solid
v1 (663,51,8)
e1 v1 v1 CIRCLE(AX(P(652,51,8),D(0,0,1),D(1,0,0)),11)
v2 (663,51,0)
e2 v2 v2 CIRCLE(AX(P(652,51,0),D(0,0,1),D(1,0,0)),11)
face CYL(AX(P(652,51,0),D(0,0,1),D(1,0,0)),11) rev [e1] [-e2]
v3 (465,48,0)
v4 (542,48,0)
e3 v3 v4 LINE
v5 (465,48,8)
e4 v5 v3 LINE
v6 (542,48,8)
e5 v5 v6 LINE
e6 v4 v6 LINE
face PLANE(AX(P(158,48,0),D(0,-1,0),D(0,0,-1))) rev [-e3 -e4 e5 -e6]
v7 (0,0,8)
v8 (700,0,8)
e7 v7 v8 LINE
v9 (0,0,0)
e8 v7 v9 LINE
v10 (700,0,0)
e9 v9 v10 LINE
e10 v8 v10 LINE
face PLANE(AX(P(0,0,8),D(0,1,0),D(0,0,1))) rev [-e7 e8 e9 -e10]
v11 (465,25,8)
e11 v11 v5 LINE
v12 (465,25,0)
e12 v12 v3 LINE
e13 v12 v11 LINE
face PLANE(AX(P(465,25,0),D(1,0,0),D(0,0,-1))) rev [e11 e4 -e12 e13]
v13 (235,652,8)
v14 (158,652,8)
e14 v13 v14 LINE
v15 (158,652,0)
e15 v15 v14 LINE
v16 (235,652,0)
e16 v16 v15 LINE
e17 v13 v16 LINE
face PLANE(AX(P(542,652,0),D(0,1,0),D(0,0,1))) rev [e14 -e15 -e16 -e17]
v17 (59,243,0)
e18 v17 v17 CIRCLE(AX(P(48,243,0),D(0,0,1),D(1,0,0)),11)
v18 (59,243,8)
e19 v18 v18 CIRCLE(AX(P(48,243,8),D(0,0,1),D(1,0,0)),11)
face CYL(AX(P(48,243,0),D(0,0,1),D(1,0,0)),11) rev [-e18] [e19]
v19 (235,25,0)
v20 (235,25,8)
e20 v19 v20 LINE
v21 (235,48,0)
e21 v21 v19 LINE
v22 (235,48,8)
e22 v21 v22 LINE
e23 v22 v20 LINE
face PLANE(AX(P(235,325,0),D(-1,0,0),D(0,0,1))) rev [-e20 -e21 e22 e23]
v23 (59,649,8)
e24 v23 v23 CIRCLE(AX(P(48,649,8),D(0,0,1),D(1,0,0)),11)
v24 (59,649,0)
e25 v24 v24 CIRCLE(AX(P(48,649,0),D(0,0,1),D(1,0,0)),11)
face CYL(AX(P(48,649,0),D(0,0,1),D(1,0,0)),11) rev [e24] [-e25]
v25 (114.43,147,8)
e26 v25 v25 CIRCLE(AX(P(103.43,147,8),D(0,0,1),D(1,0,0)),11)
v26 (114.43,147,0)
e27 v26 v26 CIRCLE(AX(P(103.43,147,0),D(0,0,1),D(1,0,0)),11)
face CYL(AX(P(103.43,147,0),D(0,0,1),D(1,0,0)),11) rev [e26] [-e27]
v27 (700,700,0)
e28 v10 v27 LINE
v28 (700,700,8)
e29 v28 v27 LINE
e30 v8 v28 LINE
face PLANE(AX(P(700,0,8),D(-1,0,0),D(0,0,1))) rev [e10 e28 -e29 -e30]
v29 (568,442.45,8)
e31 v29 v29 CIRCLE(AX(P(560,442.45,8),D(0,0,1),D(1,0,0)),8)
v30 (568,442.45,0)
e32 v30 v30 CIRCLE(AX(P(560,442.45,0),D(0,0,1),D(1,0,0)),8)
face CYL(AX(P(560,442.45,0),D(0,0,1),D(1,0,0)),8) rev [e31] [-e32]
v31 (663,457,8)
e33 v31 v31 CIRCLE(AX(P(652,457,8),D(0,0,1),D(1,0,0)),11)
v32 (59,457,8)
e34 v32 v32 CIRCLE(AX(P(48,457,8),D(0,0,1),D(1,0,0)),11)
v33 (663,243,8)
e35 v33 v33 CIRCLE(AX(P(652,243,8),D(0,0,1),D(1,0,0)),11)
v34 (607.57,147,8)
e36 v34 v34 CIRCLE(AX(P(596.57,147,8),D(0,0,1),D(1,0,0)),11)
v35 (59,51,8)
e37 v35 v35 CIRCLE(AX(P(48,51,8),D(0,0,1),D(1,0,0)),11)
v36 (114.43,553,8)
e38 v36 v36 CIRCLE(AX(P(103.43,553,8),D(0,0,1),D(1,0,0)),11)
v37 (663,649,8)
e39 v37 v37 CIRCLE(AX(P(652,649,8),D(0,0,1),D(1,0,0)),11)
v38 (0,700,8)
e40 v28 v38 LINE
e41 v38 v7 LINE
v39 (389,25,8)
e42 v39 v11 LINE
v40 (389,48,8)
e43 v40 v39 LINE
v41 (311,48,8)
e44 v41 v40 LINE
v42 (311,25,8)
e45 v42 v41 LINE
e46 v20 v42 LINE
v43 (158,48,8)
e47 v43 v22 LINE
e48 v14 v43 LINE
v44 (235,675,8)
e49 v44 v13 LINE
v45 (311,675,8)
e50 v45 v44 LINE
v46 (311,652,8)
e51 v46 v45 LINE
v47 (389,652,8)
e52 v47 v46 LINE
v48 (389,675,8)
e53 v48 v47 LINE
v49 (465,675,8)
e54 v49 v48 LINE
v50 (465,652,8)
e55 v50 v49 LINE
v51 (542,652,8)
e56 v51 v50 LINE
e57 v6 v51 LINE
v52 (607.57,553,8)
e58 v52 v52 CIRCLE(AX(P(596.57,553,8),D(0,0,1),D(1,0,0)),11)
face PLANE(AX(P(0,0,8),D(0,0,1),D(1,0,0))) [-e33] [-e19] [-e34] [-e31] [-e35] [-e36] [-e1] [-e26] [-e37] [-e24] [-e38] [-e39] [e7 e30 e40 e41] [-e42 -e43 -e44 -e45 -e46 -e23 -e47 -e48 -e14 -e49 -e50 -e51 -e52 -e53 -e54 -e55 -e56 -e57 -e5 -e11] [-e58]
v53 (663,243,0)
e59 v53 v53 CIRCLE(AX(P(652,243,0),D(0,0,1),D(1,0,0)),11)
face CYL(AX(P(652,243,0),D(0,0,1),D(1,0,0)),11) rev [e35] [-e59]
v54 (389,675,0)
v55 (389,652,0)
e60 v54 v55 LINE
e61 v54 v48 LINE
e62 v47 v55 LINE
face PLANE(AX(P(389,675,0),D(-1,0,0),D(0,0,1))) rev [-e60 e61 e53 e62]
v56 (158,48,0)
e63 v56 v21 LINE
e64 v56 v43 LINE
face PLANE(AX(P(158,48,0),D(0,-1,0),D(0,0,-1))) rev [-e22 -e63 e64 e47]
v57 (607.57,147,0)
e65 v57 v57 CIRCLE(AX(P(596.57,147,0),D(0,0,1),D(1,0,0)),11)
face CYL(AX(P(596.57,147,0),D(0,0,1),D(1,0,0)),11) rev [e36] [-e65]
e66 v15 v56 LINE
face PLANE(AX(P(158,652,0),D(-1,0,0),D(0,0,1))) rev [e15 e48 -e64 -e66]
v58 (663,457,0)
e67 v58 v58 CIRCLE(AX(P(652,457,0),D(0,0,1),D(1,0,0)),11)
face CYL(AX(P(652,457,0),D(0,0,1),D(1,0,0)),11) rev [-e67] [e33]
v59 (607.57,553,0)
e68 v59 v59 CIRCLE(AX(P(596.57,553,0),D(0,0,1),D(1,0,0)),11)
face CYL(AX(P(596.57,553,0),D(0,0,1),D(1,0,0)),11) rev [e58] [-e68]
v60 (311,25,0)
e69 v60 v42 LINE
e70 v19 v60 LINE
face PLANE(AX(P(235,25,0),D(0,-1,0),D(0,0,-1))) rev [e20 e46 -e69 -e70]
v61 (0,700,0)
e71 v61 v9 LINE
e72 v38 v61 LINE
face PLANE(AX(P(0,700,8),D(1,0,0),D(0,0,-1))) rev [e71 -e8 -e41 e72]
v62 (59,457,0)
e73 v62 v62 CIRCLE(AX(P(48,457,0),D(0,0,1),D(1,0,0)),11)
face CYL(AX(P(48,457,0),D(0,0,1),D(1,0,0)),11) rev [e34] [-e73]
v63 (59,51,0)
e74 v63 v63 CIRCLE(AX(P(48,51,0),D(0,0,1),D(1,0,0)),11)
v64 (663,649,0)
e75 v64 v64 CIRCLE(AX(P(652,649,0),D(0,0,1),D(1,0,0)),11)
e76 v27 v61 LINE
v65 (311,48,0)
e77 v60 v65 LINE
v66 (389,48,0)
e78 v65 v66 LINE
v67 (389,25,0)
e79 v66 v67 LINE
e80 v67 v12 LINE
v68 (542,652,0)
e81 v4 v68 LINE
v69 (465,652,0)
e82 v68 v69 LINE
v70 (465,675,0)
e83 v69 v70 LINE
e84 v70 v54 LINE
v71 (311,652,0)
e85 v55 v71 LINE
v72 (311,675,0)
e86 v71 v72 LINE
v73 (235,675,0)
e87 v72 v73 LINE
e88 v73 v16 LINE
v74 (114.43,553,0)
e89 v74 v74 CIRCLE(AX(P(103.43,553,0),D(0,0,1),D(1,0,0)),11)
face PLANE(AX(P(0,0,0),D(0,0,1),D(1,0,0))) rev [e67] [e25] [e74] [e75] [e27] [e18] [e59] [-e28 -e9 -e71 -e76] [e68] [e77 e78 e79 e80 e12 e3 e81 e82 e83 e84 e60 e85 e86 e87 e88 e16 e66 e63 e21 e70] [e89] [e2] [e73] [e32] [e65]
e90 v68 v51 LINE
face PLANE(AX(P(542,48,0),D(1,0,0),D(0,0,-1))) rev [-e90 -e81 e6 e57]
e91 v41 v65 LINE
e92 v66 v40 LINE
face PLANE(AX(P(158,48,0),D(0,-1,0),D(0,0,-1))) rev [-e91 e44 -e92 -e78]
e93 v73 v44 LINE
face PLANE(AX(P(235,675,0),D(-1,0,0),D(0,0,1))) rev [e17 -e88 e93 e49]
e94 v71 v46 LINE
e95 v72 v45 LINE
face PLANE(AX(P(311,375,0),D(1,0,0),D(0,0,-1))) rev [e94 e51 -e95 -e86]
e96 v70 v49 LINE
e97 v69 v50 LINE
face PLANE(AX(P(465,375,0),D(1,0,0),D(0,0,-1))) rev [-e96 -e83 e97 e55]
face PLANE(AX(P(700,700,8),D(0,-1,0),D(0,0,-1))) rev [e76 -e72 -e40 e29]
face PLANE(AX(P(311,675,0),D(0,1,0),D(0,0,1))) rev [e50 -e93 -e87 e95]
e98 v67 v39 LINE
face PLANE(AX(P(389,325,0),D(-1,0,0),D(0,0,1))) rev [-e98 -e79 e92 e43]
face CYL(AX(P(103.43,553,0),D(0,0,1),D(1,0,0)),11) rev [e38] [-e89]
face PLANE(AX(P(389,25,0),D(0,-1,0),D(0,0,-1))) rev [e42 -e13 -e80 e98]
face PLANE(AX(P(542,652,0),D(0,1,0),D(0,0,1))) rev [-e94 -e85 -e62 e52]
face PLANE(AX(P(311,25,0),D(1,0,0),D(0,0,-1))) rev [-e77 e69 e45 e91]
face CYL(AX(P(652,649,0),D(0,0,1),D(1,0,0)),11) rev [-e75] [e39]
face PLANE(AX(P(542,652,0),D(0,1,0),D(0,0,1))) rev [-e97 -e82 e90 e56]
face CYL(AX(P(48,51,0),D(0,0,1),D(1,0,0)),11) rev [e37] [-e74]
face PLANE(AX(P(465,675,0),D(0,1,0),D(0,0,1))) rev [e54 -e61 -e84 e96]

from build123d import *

# Parameters (mm, degrees)
SKETCH_1_W                      = 700
SKETCH_1_H                      = 700
CONNECTION_PLATE_DEPTH          = 8
SKETCH_2_W                      = 76
SKETCH_2_H                      = 300
ACCESS_WINDOW_DEPTH             = 990.981818015
SKETCH_3_W                      = 76
SKETCH_3_H                      = 300
CUT_EXTRUDE_2_DEPTH             = 990.981818015
SKETCH_4_W                      = 76
SKETCH_4_H                      = 300
CUT_EXTRUDE_3_DEPTH             = 990.981818015
SKETCH_5_W                      = 76
SKETCH_5_H                      = 300
CUT_EXTRUDE_4_DEPTH             = 990.981818015
SKETCH_6_R                      = 11
SHAFT_CLEARANCE_DEPTH           = 990.981818015
SKETCH_7_R                      = 11
CUT_EXTRUDE_6_DEPTH             = 990.981818015
SKETCH_8_R                      = 11
CUT_EXTRUDE_7_DEPTH             = 990.981818015
SKETCH_9_R                      = 11
CUT_EXTRUDE_8_DEPTH             = 990.981818015
SKETCH_10_R                     = 11
CUT_EXTRUDE_9_DEPTH             = 990.981818015
SKETCH_11_R                     = 11
CUT_EXTRUDE_10_DEPTH            = 990.981818015
SKETCH_12_R                     = 11
CUT_EXTRUDE_11_DEPTH            = 990.981818015
SKETCH_13_R                     = 11
CUT_EXTRUDE_12_DEPTH            = 990.981818015
SKETCH_14_R                     = 11
CUT_EXTRUDE_13_DEPTH            = 990.981818015
SKETCH_15_R                     = 11
CUT_EXTRUDE_14_DEPTH            = 990.981818015
SKETCH_16_R                     = 11
CUT_EXTRUDE_15_DEPTH            = 990.981818015
SKETCH_17_R                     = 11
CUT_EXTRUDE_16_DEPTH            = 990.981818015
SKETCH_18_W                     = 384
SKETCH_18_H                     = 604
FLOAT_INSTALLATION_WINDOW_DEPTH = 990.981818015
SKETCH_19_R                     = 8
COMMS_PASSAGE_DEPTH             = 990.981818015


with BuildPart() as part:
    # 草图1 → Connection_plate (new body)
    with BuildSketch(Plane.XY):
        with Locations((350, 350)):
            Rectangle(SKETCH_1_W, SKETCH_1_H)
    extrude(amount=CONNECTION_PLATE_DEPTH)

    # 草图2 → Access_window (cut, through all)
    with BuildSketch(Plane.XY.offset(8)):
        with Locations((273, 175)):
            Rectangle(SKETCH_2_W, SKETCH_2_H)
    extrude(amount=-ACCESS_WINDOW_DEPTH, mode=Mode.SUBTRACT)

    # 草图3 → 切除-拉伸2 (cut, through all)
    with BuildSketch(Plane.XY.offset(8)):
        with Locations((273, 525)):
            Rectangle(SKETCH_3_W, SKETCH_3_H)
    extrude(amount=-CUT_EXTRUDE_2_DEPTH, mode=Mode.SUBTRACT)

    # 草图4 → 切除-拉伸3 (cut, through all)
    with BuildSketch(Plane.XY.offset(8)):
        with Locations((427, 175)):
            Rectangle(SKETCH_4_W, SKETCH_4_H)
    extrude(amount=-CUT_EXTRUDE_3_DEPTH, mode=Mode.SUBTRACT)

    # 草图5 → 切除-拉伸4 (cut, through all)
    with BuildSketch(Plane.XY.offset(8)):
        with Locations((427, 525)):
            Rectangle(SKETCH_5_W, SKETCH_5_H)
    extrude(amount=-CUT_EXTRUDE_4_DEPTH, mode=Mode.SUBTRACT)

    # 草图6 → Shaft_clearance (cut, through all)
    with BuildSketch(Plane.XY.offset(8)):
        with Locations((48, 51)):
            Circle(SKETCH_6_R)
    extrude(amount=-SHAFT_CLEARANCE_DEPTH, mode=Mode.SUBTRACT)

    # 草图7 → 切除-拉伸6 (cut, through all)
    with BuildSketch(Plane.XY.offset(8)):
        with Locations((48, 243)):
            Circle(SKETCH_7_R)
    extrude(amount=-CUT_EXTRUDE_6_DEPTH, mode=Mode.SUBTRACT)

    # 草图8 → 切除-拉伸7 (cut, through all)
    with BuildSketch(Plane.XY.offset(8)):
        with Locations((48, 457)):
            Circle(SKETCH_8_R)
    extrude(amount=-CUT_EXTRUDE_7_DEPTH, mode=Mode.SUBTRACT)

    # 草图9 → 切除-拉伸8 (cut, through all)
    with BuildSketch(Plane.XY.offset(8)):
        with Locations((48, 649)):
            Circle(SKETCH_9_R)
    extrude(amount=-CUT_EXTRUDE_8_DEPTH, mode=Mode.SUBTRACT)

    # 草图10 → 切除-拉伸9 (cut, through all)
    with BuildSketch(Plane.XY.offset(8)):
        with Locations((103.43, 147)):
            Circle(SKETCH_10_R)
    extrude(amount=-CUT_EXTRUDE_9_DEPTH, mode=Mode.SUBTRACT)

    # 草图11 → 切除-拉伸10 (cut, through all)
    with BuildSketch(Plane.XY.offset(8)):
        with Locations((103.43, 553)):
            Circle(SKETCH_11_R)
    extrude(amount=-CUT_EXTRUDE_10_DEPTH, mode=Mode.SUBTRACT)

    # 草图12 → 切除-拉伸11 (cut, through all)
    with BuildSketch(Plane.XY.offset(8)):
        with Locations((652, 51)):
            Circle(SKETCH_12_R)
    extrude(amount=-CUT_EXTRUDE_11_DEPTH, mode=Mode.SUBTRACT)

    # 草图13 → 切除-拉伸12 (cut, through all)
    with BuildSketch(Plane.XY.offset(8)):
        with Locations((652, 243)):
            Circle(SKETCH_13_R)
    extrude(amount=-CUT_EXTRUDE_12_DEPTH, mode=Mode.SUBTRACT)

    # 草图14 → 切除-拉伸13 (cut, through all)
    with BuildSketch(Plane.XY.offset(8)):
        with Locations((652, 457)):
            Circle(SKETCH_14_R)
    extrude(amount=-CUT_EXTRUDE_13_DEPTH, mode=Mode.SUBTRACT)

    # 草图15 → 切除-拉伸14 (cut, through all)
    with BuildSketch(Plane.XY.offset(8)):
        with Locations((652, 649)):
            Circle(SKETCH_15_R)
    extrude(amount=-CUT_EXTRUDE_14_DEPTH, mode=Mode.SUBTRACT)

    # 草图16 → 切除-拉伸15 (cut, through all)
    with BuildSketch(Plane.XY.offset(8)):
        with Locations((596.57, 147)):
            Circle(SKETCH_16_R)
    extrude(amount=-CUT_EXTRUDE_15_DEPTH, mode=Mode.SUBTRACT)

    # 草图17 → 切除-拉伸16 (cut, through all)
    with BuildSketch(Plane.XY.offset(8)):
        with Locations((596.57, 553)):
            Circle(SKETCH_17_R)
    extrude(amount=-CUT_EXTRUDE_16_DEPTH, mode=Mode.SUBTRACT)

    # 草图18 → Float_installation_window (cut, through all)
    with BuildSketch(Plane.XY.offset(8)):
        with Locations((350, 350)):
            Rectangle(SKETCH_18_W, SKETCH_18_H)
    extrude(amount=-FLOAT_INSTALLATION_WINDOW_DEPTH, mode=Mode.SUBTRACT)

    # 草图19 → Comms_passage (cut, through all)
    with BuildSketch(Plane.XY.offset(8)):
        with Locations((560, 442.45)):
            Circle(SKETCH_19_R)
    extrude(amount=-COMMS_PASSAGE_DEPTH, mode=Mode.SUBTRACT)


solid = part.part
